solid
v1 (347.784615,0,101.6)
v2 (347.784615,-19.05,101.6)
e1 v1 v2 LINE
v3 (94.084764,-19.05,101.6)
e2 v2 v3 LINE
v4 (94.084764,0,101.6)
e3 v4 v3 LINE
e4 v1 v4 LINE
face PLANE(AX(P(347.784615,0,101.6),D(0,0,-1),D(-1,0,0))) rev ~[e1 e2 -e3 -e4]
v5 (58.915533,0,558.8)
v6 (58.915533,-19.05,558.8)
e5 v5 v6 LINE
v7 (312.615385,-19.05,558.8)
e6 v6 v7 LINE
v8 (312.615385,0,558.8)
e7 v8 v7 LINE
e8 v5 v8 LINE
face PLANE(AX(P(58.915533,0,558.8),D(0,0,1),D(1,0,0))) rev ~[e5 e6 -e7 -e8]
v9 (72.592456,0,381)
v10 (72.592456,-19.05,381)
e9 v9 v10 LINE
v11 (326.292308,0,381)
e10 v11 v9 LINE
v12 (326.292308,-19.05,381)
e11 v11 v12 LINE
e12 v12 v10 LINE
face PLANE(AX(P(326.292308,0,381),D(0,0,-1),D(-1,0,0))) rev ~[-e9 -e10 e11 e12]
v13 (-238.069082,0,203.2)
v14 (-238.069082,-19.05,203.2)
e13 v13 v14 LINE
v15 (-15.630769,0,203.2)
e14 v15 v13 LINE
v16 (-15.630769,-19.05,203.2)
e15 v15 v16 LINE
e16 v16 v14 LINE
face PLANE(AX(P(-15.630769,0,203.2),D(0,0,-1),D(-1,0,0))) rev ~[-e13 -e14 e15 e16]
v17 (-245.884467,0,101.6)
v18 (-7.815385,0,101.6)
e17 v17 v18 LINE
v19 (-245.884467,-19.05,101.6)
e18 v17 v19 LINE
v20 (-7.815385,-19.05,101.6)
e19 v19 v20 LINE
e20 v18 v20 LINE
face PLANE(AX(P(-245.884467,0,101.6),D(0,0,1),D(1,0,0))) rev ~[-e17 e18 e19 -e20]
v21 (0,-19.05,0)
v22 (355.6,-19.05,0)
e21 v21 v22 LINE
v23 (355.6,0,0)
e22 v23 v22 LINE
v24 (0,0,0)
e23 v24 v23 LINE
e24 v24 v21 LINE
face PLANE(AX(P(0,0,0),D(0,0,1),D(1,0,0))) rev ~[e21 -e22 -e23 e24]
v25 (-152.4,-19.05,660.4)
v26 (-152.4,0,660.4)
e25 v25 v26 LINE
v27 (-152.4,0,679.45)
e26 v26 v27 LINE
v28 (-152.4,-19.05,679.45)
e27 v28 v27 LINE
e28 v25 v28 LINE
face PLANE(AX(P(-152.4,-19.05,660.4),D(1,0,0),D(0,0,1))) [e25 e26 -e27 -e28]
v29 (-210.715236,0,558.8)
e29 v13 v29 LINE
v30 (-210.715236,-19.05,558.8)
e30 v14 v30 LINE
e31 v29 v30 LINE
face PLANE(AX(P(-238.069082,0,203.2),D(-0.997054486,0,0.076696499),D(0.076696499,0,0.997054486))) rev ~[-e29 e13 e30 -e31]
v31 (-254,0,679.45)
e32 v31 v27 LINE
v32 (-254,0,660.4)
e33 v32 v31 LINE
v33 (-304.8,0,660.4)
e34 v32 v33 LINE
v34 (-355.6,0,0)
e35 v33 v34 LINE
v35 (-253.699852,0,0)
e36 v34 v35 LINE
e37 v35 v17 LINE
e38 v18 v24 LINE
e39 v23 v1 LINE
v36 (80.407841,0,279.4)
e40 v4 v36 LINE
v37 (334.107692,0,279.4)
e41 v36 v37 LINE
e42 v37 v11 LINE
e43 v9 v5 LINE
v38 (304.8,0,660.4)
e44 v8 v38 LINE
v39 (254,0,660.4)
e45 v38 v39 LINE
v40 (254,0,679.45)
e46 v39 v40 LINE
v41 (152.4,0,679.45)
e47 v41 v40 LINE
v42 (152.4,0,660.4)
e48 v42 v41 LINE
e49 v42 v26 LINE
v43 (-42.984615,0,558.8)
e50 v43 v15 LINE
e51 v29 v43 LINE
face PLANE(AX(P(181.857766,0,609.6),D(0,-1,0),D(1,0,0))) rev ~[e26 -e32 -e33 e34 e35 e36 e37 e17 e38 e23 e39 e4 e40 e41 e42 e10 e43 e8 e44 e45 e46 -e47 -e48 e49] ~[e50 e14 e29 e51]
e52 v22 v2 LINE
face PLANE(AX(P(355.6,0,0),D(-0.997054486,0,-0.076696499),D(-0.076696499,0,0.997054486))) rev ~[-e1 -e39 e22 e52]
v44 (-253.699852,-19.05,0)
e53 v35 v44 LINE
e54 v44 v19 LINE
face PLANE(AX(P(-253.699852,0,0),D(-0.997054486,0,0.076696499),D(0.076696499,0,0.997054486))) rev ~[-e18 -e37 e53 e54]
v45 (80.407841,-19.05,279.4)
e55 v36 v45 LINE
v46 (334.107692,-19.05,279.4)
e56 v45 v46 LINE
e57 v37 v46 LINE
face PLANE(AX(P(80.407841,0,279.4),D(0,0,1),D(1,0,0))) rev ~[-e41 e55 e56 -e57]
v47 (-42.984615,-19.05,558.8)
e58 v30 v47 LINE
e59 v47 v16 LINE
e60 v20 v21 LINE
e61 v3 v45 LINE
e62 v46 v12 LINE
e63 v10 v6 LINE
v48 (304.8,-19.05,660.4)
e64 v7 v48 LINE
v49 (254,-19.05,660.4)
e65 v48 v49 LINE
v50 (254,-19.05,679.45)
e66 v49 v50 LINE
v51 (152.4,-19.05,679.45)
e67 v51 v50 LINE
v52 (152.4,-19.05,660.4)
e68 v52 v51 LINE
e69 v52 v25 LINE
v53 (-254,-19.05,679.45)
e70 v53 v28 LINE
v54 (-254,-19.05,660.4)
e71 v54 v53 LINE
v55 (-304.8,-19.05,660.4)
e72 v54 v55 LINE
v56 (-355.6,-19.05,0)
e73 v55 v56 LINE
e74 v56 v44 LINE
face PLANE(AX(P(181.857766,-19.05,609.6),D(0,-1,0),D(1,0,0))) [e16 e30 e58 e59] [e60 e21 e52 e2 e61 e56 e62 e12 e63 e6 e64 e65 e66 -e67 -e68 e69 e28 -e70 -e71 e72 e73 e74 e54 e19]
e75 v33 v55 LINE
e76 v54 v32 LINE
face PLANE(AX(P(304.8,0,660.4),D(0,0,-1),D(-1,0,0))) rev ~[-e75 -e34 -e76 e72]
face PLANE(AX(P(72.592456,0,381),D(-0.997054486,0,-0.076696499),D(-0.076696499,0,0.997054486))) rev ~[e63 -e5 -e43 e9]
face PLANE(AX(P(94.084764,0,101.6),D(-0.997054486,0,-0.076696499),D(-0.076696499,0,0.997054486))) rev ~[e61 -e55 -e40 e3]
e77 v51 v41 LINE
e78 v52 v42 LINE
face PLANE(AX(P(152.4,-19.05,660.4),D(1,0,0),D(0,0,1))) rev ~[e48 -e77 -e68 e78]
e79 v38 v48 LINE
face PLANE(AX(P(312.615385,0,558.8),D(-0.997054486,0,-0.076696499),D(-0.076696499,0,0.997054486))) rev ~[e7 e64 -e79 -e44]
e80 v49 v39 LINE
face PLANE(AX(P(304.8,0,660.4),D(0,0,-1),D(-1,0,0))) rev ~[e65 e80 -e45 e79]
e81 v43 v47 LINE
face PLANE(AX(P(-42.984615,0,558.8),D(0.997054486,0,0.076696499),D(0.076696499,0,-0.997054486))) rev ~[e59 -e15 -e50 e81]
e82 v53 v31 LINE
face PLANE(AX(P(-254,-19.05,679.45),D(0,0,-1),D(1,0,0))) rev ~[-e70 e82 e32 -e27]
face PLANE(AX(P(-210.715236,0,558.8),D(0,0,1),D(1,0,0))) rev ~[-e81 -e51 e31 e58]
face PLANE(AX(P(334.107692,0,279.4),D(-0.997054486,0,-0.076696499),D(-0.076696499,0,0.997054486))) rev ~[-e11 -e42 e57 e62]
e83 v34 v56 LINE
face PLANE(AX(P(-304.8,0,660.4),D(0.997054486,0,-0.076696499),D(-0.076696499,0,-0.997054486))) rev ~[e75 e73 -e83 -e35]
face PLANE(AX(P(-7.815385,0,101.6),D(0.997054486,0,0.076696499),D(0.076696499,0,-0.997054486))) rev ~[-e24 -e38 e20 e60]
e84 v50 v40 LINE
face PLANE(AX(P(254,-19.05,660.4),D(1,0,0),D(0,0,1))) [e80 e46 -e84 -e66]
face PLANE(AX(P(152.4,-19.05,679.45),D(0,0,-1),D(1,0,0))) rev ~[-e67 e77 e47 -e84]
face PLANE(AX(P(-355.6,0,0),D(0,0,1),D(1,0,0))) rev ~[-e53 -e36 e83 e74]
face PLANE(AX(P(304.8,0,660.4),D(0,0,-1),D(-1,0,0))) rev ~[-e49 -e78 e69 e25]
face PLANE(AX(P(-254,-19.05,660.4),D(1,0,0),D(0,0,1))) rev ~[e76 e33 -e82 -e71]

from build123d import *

# Parameters (mm, degrees)
F1_DEPTH = 19.05
F2_W     = 101.6
F2_H     = 19.05
F3_DEPTH = 19.05


with BuildPart() as f1:
    # F0 (on Front) → F1 (new body)
    with BuildSketch(Plane.XZ):
        Polygon((304.8, 660.4), (51.1001483644, 660.4), (58.9155329798, 558.8), (312.6153846154, 558.8), align=None)
        Polygon((94.084763749, 101.6), (101.9001483644, 0), (355.6, 0), (347.7846153846, 101.6), align=None)
        Polygon((-238.0690824048, 203.2), (-245.8844670202, 101.6), (-7.8153846154, 101.6), (-15.6307692308, 203.2), align=None)
        Polygon((326.2923076923, 381), (72.5924560567, 381), (80.4078406721, 279.4), (334.1076923077, 279.4), align=None)
        Polygon((-202.8998516356, 660.4), (-304.8, 660.4), (-355.6, 0), (-253.6998516356, 0), (-245.8844670202, 101.6), (-238.0690824048, 203.2), (-210.715236251, 558.8), align=None)
        Polygon((51.1001483644, 660.4), (-50.8, 660.4), (-42.9846153846, 558.8), (-15.6307692308, 203.2), (-7.8153846154, 101.6), (0, 0), (101.9001483644, 0), (94.084763749, 101.6), (80.4078406721, 279.4), (72.5924560567, 381), (58.9155329798, 558.8), align=None)
        Polygon((-50.8, 660.4), (-202.8998516356, 660.4), (-210.715236251, 558.8), (-42.9846153846, 558.8), align=None)
    extrude(amount=F1_DEPTH)

    # F2 (on face) → F3 (join, through all)
    with BuildSketch(Plane.XZ.offset(19.05)):
        with Locations((203.2, 669.925)):
            Rectangle(F2_W, F2_H)
        with Locations((-203.2, 669.925)):
            Rectangle(F2_W, F2_H)
    extrude(amount=-F3_DEPTH)


solid = f1.part
